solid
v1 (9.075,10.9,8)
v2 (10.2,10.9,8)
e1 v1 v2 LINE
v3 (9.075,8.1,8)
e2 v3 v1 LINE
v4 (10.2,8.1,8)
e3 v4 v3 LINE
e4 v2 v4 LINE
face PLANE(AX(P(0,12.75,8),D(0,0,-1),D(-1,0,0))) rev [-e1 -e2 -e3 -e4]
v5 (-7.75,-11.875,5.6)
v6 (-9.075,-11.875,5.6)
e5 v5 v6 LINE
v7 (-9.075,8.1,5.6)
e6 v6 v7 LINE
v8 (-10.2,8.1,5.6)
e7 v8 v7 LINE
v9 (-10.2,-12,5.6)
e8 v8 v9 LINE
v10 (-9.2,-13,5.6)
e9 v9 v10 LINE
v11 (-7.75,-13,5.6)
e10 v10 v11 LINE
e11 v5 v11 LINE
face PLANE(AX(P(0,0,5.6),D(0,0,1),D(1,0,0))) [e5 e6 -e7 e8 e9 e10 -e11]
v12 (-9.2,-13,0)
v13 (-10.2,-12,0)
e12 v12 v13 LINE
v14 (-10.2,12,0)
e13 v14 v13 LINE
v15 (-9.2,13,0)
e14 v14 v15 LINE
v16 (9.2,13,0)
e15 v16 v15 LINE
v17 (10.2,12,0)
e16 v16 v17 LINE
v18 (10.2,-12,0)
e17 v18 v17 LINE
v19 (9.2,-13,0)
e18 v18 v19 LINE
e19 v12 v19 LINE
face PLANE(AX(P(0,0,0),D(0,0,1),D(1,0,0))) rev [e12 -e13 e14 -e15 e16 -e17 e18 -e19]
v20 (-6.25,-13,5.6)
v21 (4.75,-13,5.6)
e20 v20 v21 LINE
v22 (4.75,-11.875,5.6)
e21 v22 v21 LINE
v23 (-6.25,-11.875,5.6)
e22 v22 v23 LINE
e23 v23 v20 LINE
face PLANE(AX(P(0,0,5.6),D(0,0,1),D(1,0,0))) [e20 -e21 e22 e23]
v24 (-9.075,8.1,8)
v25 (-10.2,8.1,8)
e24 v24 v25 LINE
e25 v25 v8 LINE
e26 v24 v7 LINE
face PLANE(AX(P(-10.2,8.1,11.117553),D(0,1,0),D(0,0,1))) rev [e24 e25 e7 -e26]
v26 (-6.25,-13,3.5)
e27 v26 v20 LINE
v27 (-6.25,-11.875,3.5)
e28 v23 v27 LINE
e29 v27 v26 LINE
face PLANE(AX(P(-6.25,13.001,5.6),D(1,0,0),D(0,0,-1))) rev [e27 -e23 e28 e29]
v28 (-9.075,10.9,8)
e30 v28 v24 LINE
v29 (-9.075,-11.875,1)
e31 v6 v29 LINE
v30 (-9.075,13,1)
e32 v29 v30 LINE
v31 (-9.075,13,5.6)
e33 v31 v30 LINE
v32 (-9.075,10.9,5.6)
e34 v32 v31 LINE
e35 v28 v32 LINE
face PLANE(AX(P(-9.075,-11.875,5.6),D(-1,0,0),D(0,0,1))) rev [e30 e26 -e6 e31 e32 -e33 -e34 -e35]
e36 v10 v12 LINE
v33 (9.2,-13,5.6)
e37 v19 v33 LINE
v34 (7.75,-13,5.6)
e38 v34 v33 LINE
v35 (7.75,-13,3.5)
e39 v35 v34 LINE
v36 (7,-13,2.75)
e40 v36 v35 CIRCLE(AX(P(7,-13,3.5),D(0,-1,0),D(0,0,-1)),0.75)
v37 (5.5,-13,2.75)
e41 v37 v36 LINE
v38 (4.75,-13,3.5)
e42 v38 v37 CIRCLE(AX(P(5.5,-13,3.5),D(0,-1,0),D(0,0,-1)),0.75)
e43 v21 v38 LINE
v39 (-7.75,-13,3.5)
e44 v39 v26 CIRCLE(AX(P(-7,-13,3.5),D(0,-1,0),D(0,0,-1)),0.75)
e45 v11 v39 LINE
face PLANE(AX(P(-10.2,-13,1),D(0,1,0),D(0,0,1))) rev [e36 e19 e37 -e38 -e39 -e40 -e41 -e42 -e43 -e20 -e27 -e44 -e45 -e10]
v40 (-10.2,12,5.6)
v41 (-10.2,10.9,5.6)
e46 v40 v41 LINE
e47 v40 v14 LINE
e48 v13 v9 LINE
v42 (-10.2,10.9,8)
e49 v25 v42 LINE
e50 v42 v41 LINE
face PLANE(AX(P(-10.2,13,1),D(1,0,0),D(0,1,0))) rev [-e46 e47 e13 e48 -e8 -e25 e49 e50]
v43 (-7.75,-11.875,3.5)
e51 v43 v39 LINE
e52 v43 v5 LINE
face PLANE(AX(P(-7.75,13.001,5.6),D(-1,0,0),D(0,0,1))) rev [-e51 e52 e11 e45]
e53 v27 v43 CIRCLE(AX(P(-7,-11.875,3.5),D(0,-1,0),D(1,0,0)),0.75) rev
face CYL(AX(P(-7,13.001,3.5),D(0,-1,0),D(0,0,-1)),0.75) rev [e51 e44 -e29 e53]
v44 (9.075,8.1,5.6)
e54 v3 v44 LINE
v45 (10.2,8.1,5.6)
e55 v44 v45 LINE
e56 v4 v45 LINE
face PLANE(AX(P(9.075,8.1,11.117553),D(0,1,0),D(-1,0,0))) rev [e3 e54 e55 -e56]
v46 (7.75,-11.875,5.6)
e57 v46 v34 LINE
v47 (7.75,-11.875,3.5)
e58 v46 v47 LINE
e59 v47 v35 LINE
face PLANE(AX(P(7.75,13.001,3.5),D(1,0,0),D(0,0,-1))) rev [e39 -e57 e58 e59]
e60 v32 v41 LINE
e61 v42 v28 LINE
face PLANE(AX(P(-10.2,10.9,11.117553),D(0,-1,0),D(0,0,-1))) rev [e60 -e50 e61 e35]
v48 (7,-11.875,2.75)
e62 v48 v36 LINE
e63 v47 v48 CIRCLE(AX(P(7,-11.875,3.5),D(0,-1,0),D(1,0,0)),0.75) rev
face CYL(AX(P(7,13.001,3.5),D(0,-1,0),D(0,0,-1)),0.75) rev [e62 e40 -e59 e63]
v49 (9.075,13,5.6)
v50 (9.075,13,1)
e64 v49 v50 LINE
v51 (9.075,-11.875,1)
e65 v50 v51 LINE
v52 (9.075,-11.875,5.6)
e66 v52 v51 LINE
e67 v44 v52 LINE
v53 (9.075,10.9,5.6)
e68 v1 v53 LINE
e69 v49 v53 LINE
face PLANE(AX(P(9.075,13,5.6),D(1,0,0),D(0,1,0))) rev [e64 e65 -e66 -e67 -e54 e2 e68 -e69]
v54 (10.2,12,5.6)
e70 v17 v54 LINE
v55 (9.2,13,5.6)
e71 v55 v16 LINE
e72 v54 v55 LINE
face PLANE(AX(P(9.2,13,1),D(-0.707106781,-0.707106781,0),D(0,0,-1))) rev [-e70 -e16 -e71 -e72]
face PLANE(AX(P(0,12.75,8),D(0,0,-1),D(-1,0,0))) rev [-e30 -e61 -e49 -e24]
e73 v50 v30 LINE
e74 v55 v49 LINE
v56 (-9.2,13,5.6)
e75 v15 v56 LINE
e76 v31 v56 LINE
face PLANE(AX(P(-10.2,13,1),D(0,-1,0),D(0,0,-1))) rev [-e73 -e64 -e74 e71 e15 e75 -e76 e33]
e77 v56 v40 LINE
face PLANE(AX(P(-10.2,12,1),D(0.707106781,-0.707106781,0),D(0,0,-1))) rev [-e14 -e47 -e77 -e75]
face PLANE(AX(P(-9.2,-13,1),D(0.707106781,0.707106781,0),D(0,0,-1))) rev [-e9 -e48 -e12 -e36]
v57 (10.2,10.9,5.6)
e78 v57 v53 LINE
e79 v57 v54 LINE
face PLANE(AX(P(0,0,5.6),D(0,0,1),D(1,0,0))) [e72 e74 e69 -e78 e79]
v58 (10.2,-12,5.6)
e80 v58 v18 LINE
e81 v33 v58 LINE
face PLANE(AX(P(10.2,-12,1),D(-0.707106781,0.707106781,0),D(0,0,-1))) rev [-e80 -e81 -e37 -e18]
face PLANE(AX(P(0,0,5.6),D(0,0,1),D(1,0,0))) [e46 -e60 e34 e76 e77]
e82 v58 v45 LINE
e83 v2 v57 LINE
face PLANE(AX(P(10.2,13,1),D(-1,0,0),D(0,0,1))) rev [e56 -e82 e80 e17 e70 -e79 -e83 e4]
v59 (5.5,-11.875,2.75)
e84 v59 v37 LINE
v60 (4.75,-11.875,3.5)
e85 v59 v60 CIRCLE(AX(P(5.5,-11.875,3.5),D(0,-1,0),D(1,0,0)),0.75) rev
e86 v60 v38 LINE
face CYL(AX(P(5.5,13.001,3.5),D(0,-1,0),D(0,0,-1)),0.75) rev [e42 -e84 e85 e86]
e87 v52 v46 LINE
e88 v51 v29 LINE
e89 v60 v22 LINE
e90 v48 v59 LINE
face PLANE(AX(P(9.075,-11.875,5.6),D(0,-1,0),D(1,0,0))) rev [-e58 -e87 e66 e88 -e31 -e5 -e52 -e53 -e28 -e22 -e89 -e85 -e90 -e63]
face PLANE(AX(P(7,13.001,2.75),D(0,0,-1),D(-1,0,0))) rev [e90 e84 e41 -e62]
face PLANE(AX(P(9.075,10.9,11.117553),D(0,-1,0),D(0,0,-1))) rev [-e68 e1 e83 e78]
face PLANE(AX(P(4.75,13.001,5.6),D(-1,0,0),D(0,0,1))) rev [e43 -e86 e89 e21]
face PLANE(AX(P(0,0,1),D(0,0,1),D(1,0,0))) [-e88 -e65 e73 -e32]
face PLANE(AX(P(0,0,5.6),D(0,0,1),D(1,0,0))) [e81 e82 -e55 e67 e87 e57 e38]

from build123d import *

# Parameters (mm, degrees)
SKETCH11_W          = 20.4
SKETCH11_H          = 26
BOSS_EXTRUDE5_DEPTH = 1
BOSS_EXTRUDE6_DEPTH = 4.6
CHAMFER2_SIZE       = 1
CUT_EXTRUDE1_REACH  = 30.485
SKETCH14_W          = 1.125
SKETCH14_H          = 2.8
BOSS_EXTRUDE7_DEPTH = 2.4


with BuildPart() as part:
    # Sketch11 → Boss-Extrude5 (new body)
    with BuildSketch(Plane.XY):
        Rectangle(SKETCH11_W, SKETCH11_H)
    extrude(amount=BOSS_EXTRUDE5_DEPTH)

    # Sketch12 → Boss-Extrude6 (add)
    with BuildSketch(Plane.XY.offset(1)):
        Polygon((-10.2, 13), (-10.2, -13), (10.2, -13), (10.2, 13), (9.075, 13), (9.075, -11.875), (-9.075, -11.875), (-9.075, 13), align=None)
    extrude(amount=BOSS_EXTRUDE6_DEPTH)

    # Chamfer2
    chamfer2_edges = [part.edges().sort_by_distance(p)[0] for p in [
        (-10.2, 13, 2.8),
        (10.2, 13, 2.8),
        (10.2, -13, 2.8),
        (-10.2, -13, 2.8),
    ]]
    chamfer(chamfer2_edges, length=CHAMFER2_SIZE)

    # Sketch13 → Cut-Extrude1 (cut, up to next)
    with BuildSketch(Plane.XZ.offset(13), mode=Mode.PRIVATE) as cut_extrude1_sk1:
        with BuildLine():
            Line((-7.75, 5.6), (-6.25, 5.6))
            Line((-6.25, 5.6), (-6.25, 3.5))
            ThreePointArc((-6.25, 3.5), (-7, 2.75), (-7.75, 3.5))
            Line((-7.75, 3.5), (-7.75, 5.6))
        make_face()
    cut_extrude1_tool1 = extrude(cut_extrude1_sk1.sketch, amount=-CUT_EXTRUDE1_REACH, mode=Mode.PRIVATE) & part.part
    # Sketch13 → Cut-Extrude1 (cut, up to next)
    with BuildSketch(Plane.XZ.offset(13), mode=Mode.PRIVATE) as cut_extrude1_sk2:
        with BuildLine():
            Line((7.75, 5.6), (4.75, 5.6))
            Line((4.75, 5.6), (4.75, 3.5))
            ThreePointArc((4.75, 3.5), (4.969669914, 2.969669914), (5.5, 2.75))
            Line((5.5, 2.75), (7, 2.75))
            ThreePointArc((7, 2.75), (7.530330086, 2.969669914), (7.75, 3.5))
            Line((7.75, 3.5), (7.75, 5.6))
        make_face()
    cut_extrude1_tool2 = extrude(cut_extrude1_sk2.sketch, amount=-CUT_EXTRUDE1_REACH, mode=Mode.PRIVATE) & part.part
    add(cut_extrude1_tool1.solids().sort_by_distance((-7, -13, 4.250265))[0], mode=Mode.SUBTRACT)
    add(cut_extrude1_tool2.solids().sort_by_distance((6.25, -13, 4.211539))[0], mode=Mode.SUBTRACT)

    # Sketch14 → Boss-Extrude7 (add)
    with BuildSketch(Plane.XY.offset(5.6)):
        with Locations((-9.6375, 9.5)):
            Rectangle(SKETCH14_W, SKETCH14_H)
        with Locations((9.6375, 9.5)):
            Rectangle(SKETCH14_W, SKETCH14_H)
    extrude(amount=BOSS_EXTRUDE7_DEPTH)


solid = part.part
